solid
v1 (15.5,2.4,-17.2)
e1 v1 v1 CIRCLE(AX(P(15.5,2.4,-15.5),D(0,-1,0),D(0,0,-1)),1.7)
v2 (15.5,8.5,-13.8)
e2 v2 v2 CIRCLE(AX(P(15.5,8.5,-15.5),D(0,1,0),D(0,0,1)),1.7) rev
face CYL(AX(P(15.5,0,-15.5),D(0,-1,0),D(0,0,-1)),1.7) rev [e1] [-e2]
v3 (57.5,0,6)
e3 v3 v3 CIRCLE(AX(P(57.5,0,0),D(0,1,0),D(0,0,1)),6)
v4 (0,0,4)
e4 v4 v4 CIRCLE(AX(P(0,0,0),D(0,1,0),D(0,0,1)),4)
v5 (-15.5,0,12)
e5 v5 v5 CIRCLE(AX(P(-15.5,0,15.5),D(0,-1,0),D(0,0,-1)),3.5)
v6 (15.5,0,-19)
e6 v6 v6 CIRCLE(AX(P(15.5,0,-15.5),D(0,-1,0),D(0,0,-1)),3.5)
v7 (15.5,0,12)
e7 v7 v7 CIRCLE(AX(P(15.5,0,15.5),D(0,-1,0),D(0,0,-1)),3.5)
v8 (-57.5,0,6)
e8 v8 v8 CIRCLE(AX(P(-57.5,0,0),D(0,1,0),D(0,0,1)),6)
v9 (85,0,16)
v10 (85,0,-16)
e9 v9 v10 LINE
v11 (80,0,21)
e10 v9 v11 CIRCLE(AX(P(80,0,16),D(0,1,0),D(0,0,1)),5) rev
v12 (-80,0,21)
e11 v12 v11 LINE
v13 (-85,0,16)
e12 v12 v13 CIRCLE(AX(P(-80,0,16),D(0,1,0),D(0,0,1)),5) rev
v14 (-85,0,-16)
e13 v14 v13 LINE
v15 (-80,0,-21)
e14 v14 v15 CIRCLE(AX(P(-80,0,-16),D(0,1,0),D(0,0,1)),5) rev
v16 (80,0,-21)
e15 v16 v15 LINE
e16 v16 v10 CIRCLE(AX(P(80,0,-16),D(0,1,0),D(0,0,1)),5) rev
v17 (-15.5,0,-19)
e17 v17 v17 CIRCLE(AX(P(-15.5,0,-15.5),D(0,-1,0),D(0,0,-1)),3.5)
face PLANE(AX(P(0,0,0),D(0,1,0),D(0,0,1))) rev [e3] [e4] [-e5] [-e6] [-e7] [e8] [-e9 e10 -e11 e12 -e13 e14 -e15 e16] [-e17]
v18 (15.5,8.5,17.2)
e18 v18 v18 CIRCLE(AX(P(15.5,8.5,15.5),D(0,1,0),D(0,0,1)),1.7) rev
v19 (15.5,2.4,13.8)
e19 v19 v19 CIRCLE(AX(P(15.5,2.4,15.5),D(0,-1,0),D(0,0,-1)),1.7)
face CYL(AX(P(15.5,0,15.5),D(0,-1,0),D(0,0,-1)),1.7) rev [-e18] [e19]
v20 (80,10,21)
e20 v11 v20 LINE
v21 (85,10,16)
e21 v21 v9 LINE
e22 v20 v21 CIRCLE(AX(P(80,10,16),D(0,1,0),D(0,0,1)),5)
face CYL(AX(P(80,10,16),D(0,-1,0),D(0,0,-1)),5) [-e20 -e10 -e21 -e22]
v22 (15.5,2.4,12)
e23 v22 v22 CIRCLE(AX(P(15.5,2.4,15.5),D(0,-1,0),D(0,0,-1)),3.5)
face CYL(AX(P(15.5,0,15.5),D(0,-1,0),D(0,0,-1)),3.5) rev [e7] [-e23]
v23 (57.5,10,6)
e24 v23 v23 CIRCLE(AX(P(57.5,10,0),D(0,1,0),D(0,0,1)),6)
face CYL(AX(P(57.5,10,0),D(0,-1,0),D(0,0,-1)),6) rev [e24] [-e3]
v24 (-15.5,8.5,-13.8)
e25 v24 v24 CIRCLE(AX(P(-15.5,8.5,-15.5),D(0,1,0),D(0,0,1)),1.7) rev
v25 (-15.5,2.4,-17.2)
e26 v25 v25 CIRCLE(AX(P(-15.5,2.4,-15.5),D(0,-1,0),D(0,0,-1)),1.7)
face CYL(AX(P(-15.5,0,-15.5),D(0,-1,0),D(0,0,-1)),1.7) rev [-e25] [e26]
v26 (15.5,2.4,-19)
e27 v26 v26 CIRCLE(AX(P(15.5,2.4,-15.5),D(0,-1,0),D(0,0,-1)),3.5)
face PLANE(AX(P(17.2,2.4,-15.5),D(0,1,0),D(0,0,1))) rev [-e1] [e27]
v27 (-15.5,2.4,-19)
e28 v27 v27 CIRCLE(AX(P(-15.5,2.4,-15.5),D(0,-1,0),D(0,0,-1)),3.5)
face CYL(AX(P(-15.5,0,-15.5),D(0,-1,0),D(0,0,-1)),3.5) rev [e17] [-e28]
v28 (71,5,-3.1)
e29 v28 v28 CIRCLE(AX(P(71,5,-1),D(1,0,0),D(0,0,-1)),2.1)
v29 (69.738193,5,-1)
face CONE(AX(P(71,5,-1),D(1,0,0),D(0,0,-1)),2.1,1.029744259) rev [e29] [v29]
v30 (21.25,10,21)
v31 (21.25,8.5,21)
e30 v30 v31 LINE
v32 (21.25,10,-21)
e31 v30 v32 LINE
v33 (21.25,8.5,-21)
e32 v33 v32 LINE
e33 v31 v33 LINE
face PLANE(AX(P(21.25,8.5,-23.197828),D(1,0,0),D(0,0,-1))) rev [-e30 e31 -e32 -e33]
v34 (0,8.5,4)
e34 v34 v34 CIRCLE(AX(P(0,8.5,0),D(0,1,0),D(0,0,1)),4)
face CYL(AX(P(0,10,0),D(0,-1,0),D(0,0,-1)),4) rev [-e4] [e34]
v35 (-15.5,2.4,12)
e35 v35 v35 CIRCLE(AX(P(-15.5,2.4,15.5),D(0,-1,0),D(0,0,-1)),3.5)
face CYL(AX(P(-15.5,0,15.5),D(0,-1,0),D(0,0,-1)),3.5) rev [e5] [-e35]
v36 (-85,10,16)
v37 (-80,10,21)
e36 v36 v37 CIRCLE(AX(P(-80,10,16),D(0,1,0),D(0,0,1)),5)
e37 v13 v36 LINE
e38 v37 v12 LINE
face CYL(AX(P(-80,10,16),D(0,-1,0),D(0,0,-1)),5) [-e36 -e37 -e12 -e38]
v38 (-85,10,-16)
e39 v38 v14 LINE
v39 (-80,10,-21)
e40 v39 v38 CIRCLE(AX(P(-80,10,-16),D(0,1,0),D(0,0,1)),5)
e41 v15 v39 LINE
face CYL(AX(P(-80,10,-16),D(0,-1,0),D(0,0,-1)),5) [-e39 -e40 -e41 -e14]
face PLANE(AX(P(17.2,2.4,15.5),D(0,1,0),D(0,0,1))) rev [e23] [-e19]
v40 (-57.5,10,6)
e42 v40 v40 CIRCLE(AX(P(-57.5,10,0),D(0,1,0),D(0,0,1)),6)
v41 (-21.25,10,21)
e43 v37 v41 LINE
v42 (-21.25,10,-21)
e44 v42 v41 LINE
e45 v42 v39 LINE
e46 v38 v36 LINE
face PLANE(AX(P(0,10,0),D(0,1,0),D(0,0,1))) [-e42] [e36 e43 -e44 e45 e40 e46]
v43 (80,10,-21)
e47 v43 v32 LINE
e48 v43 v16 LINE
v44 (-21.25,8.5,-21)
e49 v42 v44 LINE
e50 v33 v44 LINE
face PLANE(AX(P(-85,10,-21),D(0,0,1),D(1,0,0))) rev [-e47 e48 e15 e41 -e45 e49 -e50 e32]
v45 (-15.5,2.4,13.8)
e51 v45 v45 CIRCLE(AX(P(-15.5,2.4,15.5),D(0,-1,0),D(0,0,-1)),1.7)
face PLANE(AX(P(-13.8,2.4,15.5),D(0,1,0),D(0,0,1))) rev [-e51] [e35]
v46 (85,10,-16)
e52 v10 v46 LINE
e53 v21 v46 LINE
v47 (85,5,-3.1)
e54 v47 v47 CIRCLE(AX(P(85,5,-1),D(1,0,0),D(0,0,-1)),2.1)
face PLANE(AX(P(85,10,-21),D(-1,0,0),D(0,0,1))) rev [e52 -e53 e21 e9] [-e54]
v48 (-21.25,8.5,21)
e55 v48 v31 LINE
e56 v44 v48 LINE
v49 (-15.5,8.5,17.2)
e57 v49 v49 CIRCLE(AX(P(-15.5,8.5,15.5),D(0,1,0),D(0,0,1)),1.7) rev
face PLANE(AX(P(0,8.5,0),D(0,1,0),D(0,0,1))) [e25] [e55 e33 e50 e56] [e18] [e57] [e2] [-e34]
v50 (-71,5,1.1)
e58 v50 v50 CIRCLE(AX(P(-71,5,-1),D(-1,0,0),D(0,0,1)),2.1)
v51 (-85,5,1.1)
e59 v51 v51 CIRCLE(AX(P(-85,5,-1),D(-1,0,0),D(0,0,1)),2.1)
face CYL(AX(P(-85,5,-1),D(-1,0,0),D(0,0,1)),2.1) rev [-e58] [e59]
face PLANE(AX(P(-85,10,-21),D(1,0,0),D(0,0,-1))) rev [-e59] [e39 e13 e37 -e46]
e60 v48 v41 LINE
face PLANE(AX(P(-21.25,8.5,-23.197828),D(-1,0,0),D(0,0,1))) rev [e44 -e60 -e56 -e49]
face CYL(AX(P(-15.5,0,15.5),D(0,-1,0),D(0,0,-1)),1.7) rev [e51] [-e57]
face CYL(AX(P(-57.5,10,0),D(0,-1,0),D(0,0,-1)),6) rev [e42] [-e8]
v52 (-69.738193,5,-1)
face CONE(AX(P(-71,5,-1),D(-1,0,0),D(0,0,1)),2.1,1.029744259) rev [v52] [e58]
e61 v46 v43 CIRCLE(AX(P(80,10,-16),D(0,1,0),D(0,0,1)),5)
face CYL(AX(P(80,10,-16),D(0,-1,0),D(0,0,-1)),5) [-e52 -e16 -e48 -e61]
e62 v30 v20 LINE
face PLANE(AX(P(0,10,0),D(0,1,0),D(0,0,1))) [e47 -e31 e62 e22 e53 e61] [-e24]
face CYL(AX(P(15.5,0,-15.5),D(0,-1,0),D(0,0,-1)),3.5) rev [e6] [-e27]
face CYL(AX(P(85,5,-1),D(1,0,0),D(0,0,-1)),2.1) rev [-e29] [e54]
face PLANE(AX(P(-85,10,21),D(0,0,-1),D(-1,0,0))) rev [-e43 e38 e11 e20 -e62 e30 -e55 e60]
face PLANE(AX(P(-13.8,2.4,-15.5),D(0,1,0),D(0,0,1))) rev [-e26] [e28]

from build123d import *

# Parameters (mm, degrees)
ESBO_O1_W                                           = 170
ESBO_O1_H                                           = 42
ESBO_O1_R                                           = 6
ESBO_O1_R_2                                         = 4
RESSALTO_EXTRUS_O1_DEPTH                            = 10
REBAIXO_PARA_PARAFUSO_COM_CABE_A_PANELA_D           = 3.4
REBAIXO_PARA_PARAFUSO_COM_CABE_A_PANELA_CBORE_D     = 7
REBAIXO_PARA_PARAFUSO_COM_CABE_A_PANELA_CBORE_DEPTH = 2.4
ESBO_O7_W                                           = 42.5
ESBO_O7_H                                           = 46.397828282
CORTE_EXTRUS_O2_DEPTH                               = 1.5
FILETE1_R                                           = 5


with BuildPart() as part:
    # Esboço1 → Ressalto-extrusão1 (new body)
    with BuildSketch(Plane(origin=(0, 0, 0), x_dir=(1, 0, 0), z_dir=(0, 1, 0))):
        Rectangle(ESBO_O1_W, ESBO_O1_H)
        with Locations(Location((-57.5, 0, 0), (0, 0, 270))):
            Circle(ESBO_O1_R, mode=Mode.SUBTRACT)
        with Locations(Location((57.5, 0, 0), (0, 0, 270))):
            Circle(ESBO_O1_R, mode=Mode.SUBTRACT)
        with Locations(Location((0, 0, 0), (0, 0, 270))):
            Circle(ESBO_O1_R_2, mode=Mode.SUBTRACT)
    extrude(amount=RESSALTO_EXTRUS_O1_DEPTH)

    # Esboço2 → Furo roscado de M51 (revolve, cut)
    with BuildSketch(Plane(origin=(85, 5, -1), x_dir=(0, 0, -1), z_dir=(0, 1, 0))):
        Polygon((0, 0), (0, 15.2618073), (2.1, 14), (2.1, 0), align=None)
    furo_roscado_de_m51 = revolve(axis=Axis((91.35, 5, -1), (-1, 0, 0)), mode=Mode.SUBTRACT)

    # Espelhar1: Furo roscado de M51 across plane
    add(furo_roscado_de_m51.mirror(Plane(origin=(0, 0, 0), x_dir=(0, 0, 1), z_dir=(1, 0, 0))), mode=Mode.SUBTRACT)

    # Rebaixo para parafuso com cabeça panela de M31 (through all)
    with Locations(Plane(origin=(0, 0, 0), x_dir=(-1, 0, 0), z_dir=(0, -1, 0))):
        with Locations((-15.5, 15.5), (15.5, 15.5), (-15.5, -15.5), (15.5, -15.5)):
            CounterBoreHole(REBAIXO_PARA_PARAFUSO_COM_CABE_A_PANELA_D / 2, REBAIXO_PARA_PARAFUSO_COM_CABE_A_PANELA_CBORE_D / 2, REBAIXO_PARA_PARAFUSO_COM_CABE_A_PANELA_CBORE_DEPTH)

    # Esboço7 → Corte-extrusão2 (cut)
    with BuildSketch(Plane(origin=(0, 10, 0), x_dir=(1, 0, 0), z_dir=(0, 1, 0))):
        with Locations((0, -0.001085859)):
            Rectangle(ESBO_O7_W, ESBO_O7_H)
    extrude(amount=-CORTE_EXTRUS_O2_DEPTH, mode=Mode.SUBTRACT)

    # Filete1
    filete1_edges = [part.edges().sort_by_distance(p)[0] for p in [
        (85, 5, 21),
        (-85, 5, 21),
        (-85, 5, -21),
        (85, 5, -21),
    ]]
    fillet(filete1_edges, radius=FILETE1_R)


solid = part.part
